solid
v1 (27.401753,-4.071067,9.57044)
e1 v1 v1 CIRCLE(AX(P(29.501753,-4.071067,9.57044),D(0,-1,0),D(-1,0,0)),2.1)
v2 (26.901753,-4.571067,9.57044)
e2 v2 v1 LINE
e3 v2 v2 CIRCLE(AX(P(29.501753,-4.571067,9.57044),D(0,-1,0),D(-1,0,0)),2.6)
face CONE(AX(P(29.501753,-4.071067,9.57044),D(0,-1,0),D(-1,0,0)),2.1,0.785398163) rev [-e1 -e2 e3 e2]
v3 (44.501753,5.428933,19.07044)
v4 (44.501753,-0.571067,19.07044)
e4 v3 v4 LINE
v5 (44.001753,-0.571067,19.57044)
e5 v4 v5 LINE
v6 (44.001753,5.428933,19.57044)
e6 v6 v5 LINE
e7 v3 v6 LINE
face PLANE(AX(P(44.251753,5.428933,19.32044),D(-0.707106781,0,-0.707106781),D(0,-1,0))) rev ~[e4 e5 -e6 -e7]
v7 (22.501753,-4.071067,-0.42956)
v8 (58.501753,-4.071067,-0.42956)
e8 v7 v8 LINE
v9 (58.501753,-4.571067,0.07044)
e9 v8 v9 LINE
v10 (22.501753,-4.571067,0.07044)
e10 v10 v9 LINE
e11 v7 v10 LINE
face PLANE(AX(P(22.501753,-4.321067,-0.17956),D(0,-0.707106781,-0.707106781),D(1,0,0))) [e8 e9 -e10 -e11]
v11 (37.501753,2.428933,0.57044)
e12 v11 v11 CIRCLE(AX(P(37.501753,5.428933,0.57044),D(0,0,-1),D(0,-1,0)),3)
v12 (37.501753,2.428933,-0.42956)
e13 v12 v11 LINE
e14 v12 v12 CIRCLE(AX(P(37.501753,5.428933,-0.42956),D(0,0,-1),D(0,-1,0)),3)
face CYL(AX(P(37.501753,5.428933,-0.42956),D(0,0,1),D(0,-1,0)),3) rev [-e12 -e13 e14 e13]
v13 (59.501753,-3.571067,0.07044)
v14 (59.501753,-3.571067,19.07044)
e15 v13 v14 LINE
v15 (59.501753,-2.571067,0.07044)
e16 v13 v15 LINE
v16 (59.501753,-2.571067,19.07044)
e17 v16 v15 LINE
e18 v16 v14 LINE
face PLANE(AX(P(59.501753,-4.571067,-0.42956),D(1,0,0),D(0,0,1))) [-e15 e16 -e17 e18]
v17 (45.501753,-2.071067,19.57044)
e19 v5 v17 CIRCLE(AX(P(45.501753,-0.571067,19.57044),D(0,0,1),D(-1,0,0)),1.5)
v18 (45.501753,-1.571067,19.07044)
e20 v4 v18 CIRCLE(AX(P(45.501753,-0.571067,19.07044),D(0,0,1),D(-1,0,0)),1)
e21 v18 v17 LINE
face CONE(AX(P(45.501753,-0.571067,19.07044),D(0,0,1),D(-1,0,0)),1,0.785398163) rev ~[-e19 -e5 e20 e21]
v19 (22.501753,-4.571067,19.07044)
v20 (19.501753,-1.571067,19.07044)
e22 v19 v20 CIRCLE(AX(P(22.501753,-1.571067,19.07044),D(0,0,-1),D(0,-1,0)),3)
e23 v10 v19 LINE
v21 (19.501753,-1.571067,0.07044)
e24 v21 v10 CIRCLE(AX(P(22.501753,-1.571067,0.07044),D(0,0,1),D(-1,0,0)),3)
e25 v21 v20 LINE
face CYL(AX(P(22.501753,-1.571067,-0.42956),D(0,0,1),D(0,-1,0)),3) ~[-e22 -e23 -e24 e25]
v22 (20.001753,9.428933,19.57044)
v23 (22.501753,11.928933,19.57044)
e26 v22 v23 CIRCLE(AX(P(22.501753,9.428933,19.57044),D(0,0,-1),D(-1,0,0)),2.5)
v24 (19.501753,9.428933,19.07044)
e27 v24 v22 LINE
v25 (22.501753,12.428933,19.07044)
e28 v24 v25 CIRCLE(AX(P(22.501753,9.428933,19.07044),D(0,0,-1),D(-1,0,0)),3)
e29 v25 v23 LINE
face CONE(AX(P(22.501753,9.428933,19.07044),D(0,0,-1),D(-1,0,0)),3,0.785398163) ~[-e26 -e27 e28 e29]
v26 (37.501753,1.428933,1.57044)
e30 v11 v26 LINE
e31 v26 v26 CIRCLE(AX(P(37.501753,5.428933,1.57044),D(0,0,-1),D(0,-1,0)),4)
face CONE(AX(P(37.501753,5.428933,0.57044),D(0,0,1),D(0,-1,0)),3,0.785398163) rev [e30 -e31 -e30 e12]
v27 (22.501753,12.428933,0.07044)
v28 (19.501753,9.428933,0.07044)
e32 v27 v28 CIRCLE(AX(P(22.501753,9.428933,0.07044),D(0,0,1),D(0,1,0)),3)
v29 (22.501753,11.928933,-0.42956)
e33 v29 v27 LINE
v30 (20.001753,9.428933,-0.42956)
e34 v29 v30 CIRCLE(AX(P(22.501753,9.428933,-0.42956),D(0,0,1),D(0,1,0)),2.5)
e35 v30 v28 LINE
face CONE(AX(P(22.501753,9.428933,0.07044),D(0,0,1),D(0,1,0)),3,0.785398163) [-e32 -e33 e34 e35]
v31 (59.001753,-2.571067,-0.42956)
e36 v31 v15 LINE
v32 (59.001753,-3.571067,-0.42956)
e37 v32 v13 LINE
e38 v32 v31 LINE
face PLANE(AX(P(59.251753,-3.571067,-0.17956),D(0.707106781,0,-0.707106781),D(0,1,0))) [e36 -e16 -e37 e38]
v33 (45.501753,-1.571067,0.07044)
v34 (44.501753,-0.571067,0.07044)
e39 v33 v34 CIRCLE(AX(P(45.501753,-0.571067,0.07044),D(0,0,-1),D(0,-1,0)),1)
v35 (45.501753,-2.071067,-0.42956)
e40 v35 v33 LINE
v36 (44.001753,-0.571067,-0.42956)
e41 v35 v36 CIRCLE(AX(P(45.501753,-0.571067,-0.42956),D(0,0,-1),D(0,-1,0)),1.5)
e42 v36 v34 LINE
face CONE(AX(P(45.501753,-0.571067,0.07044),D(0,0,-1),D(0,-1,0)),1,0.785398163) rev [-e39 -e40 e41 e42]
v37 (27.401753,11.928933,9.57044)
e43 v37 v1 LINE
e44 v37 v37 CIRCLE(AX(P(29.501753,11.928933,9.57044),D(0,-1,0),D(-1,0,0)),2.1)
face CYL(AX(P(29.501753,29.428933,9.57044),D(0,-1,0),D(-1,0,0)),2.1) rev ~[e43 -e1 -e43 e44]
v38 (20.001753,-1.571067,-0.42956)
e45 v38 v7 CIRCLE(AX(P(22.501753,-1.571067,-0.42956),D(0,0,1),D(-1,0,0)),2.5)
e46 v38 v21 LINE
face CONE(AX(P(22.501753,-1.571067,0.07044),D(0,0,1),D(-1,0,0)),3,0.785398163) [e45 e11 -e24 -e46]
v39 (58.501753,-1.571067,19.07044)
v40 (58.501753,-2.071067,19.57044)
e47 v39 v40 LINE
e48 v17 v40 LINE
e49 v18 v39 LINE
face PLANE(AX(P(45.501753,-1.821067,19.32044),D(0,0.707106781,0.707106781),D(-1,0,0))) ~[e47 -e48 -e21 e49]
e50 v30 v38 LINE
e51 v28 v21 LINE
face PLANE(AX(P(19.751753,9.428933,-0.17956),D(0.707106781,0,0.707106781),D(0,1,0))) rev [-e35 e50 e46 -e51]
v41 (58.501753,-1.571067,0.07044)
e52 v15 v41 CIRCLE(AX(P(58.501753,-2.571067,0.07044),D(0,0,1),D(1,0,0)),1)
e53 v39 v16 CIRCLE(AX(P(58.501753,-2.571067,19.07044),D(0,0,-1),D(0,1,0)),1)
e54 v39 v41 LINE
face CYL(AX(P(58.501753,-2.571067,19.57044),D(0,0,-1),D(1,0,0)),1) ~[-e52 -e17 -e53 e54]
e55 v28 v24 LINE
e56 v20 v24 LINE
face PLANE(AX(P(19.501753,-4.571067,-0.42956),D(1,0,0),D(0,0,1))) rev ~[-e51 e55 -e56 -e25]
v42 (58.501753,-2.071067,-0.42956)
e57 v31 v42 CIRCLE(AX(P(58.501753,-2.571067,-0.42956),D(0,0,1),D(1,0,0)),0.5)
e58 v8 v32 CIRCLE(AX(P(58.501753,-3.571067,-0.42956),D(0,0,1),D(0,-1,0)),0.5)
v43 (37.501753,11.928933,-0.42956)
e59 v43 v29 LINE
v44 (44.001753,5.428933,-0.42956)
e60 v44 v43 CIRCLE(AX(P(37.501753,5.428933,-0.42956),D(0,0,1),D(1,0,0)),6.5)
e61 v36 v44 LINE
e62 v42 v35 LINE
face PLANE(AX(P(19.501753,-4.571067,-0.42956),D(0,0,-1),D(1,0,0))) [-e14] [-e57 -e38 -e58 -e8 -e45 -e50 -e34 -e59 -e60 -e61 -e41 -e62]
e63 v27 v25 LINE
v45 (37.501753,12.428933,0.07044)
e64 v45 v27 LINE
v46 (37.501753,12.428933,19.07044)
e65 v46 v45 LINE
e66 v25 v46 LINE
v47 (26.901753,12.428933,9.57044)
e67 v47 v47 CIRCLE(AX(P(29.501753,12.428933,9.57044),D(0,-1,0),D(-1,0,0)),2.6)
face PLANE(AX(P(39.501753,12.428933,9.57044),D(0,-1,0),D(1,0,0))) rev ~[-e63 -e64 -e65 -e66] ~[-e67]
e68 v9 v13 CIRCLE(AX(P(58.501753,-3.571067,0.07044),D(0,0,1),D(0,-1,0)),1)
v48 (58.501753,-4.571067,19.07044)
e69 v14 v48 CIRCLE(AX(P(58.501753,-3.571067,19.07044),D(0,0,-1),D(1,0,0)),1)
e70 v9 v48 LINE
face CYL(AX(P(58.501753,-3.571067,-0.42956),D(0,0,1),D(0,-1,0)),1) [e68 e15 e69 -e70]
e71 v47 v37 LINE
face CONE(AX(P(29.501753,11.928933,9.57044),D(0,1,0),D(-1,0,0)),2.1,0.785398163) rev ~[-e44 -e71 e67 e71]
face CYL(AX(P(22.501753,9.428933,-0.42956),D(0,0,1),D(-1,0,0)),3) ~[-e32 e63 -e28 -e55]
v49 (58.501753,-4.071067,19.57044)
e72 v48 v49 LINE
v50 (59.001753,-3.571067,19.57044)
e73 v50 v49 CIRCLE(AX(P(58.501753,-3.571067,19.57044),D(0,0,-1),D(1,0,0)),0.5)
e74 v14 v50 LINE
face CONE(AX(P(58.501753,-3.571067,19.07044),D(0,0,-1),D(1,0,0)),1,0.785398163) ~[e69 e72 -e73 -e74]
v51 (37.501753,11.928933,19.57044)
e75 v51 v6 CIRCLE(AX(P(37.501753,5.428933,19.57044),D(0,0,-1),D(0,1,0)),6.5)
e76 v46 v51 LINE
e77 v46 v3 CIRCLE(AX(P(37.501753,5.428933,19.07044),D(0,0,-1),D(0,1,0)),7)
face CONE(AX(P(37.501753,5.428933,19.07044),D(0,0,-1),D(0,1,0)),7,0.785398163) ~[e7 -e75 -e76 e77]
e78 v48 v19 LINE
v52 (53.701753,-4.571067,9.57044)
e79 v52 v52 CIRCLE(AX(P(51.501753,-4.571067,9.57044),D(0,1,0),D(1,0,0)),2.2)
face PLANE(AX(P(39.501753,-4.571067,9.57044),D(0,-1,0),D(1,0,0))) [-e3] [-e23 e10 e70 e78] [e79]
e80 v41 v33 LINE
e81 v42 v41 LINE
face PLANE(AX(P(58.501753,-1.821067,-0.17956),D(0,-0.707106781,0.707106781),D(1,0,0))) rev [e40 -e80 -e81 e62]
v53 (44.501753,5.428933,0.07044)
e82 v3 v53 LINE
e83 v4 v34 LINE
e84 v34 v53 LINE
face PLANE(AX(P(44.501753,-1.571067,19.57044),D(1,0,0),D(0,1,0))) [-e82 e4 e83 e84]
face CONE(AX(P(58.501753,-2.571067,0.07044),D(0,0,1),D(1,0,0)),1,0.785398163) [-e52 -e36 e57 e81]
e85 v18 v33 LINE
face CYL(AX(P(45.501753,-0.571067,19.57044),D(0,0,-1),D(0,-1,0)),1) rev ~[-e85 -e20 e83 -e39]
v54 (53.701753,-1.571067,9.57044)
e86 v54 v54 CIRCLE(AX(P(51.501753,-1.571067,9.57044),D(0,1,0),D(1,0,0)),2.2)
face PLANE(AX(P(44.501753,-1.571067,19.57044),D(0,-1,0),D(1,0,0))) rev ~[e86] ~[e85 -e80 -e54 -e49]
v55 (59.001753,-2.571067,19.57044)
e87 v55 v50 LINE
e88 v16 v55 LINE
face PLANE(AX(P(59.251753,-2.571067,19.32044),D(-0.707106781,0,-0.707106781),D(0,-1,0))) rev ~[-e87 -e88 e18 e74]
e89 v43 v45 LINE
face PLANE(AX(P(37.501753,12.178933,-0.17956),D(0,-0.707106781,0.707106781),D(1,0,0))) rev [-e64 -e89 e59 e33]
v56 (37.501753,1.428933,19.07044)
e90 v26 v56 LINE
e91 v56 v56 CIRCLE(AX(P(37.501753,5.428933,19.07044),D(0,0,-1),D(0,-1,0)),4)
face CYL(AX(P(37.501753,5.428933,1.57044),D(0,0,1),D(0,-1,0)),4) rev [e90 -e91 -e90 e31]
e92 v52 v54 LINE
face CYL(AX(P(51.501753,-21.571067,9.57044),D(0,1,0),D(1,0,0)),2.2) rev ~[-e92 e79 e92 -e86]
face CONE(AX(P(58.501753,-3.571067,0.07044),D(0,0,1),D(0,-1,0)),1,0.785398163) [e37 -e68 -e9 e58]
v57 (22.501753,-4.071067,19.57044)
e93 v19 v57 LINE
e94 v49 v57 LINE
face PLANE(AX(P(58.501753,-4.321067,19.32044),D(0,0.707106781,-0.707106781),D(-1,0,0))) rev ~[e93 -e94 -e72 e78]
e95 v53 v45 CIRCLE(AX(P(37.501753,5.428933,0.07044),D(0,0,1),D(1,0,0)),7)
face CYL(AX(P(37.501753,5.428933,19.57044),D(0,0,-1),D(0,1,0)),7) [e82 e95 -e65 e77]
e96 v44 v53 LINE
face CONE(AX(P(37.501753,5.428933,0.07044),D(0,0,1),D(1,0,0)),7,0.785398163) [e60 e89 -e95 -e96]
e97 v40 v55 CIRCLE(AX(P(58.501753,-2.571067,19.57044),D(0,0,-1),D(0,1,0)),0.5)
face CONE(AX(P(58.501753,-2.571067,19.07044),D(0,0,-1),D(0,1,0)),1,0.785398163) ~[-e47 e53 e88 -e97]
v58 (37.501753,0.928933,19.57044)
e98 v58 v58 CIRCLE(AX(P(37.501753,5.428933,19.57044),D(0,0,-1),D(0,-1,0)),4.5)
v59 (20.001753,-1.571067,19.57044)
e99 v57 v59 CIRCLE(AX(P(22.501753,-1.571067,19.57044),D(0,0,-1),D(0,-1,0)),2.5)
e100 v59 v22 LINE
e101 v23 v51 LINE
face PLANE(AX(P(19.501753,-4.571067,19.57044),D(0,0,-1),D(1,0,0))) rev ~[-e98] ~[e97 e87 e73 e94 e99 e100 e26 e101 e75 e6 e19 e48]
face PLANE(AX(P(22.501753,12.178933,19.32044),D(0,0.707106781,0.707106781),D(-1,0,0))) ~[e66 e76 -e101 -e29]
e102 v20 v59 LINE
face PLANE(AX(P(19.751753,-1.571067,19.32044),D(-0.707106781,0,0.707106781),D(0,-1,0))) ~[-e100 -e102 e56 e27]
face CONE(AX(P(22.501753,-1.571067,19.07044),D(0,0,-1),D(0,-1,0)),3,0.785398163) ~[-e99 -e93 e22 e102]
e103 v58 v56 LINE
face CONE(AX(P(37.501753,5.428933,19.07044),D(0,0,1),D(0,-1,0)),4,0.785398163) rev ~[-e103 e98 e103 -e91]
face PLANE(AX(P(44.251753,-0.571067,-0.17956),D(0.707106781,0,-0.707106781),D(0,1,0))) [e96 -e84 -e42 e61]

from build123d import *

# Parameters (mm, degrees)
SKETCH1_W                      = 40
SKETCH1_H                      = 20
BOSS_EXTRUDE1_DEPTH            = 17
SKETCH2_W                      = 15
SKETCH2_H                      = 14
CUT_EXTRUDE1_DEPTH             = 21
F_4_4_4_4_DIAMETER_HOLE1_D     = 4.4
F_4_4_4_4_DIAMETER_HOLE1_DEPTH = 17
F_4_2_4_2_DIAMETER_HOLE1_D     = 4.2
F_4_2_4_2_DIAMETER_HOLE1_DEPTH = 17
FILLET1_R                      = 1
FILLET2_R                      = 3
FILLET3_R                      = 7
CHAMFER1_SIZE                  = 0.5


with BuildPart() as part:
    # Sketch1 → Boss-Extrude1 (new body)
    with BuildSketch(Plane.XZ.offset(4.571066784)):
        with Locations((39.501752658, 9.570440181)):
            Rectangle(SKETCH1_W, SKETCH1_H)
    extrude(amount=-BOSS_EXTRUDE1_DEPTH)

    # Sketch2 → Cut-Extrude1 (cut, through all)
    with BuildSketch(Plane.XY.offset(19.570440181)):
        with Locations((52.001752658, 5.428933216)):
            Rectangle(SKETCH2_W, SKETCH2_H)
    extrude(amount=-CUT_EXTRUDE1_DEPTH, mode=Mode.SUBTRACT)

    # Ø4.4 (4.4) Diameter Hole1
    with Locations(Plane(origin=(0, -4.571066784, 0), x_dir=(-1, 0, 0), z_dir=(0, -1, 0))):
        with Locations((-51.501752658, -9.570440181)):
            Hole(F_4_4_4_4_DIAMETER_HOLE1_D / 2, depth=F_4_4_4_4_DIAMETER_HOLE1_DEPTH)

    # Ø4.2 (4.2) Diameter Hole1
    with Locations(Plane(origin=(0, 12.428933216, 0), x_dir=(1, 0, 0), z_dir=(0, 1, 0))):
        with Locations((29.501752658, -9.570440181)):
            Hole(F_4_2_4_2_DIAMETER_HOLE1_D / 2, depth=F_4_2_4_2_DIAMETER_HOLE1_DEPTH)

    # Sketch7 → Hole1 (revolve, cut)
    with BuildSketch(Plane(origin=(37.501752658, 5.428933216, 19.570440181), x_dir=(0, -1, 0), z_dir=(1, 0, 0))):
        Polygon((0, 0), (0, 20), (3, 20), (3, 19), (4, 18), (4, 0), align=None)
    revolve(axis=Axis((37.501752658, 5.428933216, 25.70046408), (0, 0, -1)), mode=Mode.SUBTRACT)

    # Fillet1
    fillet1_edges = [part.edges().sort_by_distance(p)[0] for p in [
        (59.501752658, -1.571066784, 9.570440181),
        (44.501752658, -1.571066784, 9.570440181),
        (59.501752658, -4.571066784, 9.570440181),
    ]]
    fillet(fillet1_edges, radius=FILLET1_R)

    # Fillet2
    fillet2_edges = [part.edges().sort_by_distance(p)[0] for p in [
        (19.501752658, 12.428933216, 9.570440181),
        (19.501752658, -4.571066784, 9.570440181),
    ]]
    fillet(fillet2_edges, radius=FILLET2_R)

    # Fillet3
    fillet3_edges = [part.edges().sort_by_distance(p)[0] for p in [
        (44.501752658, 12.428933216, 9.570440181),
    ]]
    fillet(fillet3_edges, radius=FILLET3_R)

    # Chamfer1
    chamfer1_edges = [part.edges().sort_by_distance(p)[0] for p in [
        (31.601752658, 12.428933216, 9.570440181),
        (31.601752658, -4.571066784, 9.570440181),
        (37.501752658, 9.428933216, 19.570440181),
        (52.001752658, -1.571066784, 19.570440181),
        (52.001752658, -1.571066784, -0.429559819),
        (59.501752658, -3.071066784, 19.570440181),
        (59.501752658, -3.071066784, -0.429559819),
        (40.501752658, -4.571066784, 19.570440181),
        (59.208859439, -4.278173565, 19.570440181),
        (59.208859439, -1.863960002, 19.570440181),
        (59.208859439, -4.278173565, -0.429559819),
        (59.208859439, -1.863960002, -0.429559819),
        (44.794645876, -1.278173565, 19.570440181),
        (44.794645876, -1.278173565, -0.429559819),
        (40.501752658, -4.571066784, -0.429559819),
        (19.501752658, 3.928933216, -0.429559819),
        (30.001752658, 12.428933216, -0.429559819),
        (20.380432314, 11.55025356, -0.429559819),
        (20.380432314, -3.692387127, -0.429559819),
        (19.501752658, 3.928933216, 19.570440181),
        (20.380432314, 11.55025356, 19.570440181),
        (20.380432314, -3.692387127, 19.570440181),
        (44.501752658, 2.428933216, 19.570440181),
        (44.501752658, 2.428933216, -0.429559819),
        (30.001752658, 12.428933216, 19.570440181),
        (42.451500126, 10.378680685, 19.570440181),
        (42.451500126, 10.378680685, -0.429559819),
    ]]
    chamfer(chamfer1_edges, length=CHAMFER1_SIZE)


solid = part.part
